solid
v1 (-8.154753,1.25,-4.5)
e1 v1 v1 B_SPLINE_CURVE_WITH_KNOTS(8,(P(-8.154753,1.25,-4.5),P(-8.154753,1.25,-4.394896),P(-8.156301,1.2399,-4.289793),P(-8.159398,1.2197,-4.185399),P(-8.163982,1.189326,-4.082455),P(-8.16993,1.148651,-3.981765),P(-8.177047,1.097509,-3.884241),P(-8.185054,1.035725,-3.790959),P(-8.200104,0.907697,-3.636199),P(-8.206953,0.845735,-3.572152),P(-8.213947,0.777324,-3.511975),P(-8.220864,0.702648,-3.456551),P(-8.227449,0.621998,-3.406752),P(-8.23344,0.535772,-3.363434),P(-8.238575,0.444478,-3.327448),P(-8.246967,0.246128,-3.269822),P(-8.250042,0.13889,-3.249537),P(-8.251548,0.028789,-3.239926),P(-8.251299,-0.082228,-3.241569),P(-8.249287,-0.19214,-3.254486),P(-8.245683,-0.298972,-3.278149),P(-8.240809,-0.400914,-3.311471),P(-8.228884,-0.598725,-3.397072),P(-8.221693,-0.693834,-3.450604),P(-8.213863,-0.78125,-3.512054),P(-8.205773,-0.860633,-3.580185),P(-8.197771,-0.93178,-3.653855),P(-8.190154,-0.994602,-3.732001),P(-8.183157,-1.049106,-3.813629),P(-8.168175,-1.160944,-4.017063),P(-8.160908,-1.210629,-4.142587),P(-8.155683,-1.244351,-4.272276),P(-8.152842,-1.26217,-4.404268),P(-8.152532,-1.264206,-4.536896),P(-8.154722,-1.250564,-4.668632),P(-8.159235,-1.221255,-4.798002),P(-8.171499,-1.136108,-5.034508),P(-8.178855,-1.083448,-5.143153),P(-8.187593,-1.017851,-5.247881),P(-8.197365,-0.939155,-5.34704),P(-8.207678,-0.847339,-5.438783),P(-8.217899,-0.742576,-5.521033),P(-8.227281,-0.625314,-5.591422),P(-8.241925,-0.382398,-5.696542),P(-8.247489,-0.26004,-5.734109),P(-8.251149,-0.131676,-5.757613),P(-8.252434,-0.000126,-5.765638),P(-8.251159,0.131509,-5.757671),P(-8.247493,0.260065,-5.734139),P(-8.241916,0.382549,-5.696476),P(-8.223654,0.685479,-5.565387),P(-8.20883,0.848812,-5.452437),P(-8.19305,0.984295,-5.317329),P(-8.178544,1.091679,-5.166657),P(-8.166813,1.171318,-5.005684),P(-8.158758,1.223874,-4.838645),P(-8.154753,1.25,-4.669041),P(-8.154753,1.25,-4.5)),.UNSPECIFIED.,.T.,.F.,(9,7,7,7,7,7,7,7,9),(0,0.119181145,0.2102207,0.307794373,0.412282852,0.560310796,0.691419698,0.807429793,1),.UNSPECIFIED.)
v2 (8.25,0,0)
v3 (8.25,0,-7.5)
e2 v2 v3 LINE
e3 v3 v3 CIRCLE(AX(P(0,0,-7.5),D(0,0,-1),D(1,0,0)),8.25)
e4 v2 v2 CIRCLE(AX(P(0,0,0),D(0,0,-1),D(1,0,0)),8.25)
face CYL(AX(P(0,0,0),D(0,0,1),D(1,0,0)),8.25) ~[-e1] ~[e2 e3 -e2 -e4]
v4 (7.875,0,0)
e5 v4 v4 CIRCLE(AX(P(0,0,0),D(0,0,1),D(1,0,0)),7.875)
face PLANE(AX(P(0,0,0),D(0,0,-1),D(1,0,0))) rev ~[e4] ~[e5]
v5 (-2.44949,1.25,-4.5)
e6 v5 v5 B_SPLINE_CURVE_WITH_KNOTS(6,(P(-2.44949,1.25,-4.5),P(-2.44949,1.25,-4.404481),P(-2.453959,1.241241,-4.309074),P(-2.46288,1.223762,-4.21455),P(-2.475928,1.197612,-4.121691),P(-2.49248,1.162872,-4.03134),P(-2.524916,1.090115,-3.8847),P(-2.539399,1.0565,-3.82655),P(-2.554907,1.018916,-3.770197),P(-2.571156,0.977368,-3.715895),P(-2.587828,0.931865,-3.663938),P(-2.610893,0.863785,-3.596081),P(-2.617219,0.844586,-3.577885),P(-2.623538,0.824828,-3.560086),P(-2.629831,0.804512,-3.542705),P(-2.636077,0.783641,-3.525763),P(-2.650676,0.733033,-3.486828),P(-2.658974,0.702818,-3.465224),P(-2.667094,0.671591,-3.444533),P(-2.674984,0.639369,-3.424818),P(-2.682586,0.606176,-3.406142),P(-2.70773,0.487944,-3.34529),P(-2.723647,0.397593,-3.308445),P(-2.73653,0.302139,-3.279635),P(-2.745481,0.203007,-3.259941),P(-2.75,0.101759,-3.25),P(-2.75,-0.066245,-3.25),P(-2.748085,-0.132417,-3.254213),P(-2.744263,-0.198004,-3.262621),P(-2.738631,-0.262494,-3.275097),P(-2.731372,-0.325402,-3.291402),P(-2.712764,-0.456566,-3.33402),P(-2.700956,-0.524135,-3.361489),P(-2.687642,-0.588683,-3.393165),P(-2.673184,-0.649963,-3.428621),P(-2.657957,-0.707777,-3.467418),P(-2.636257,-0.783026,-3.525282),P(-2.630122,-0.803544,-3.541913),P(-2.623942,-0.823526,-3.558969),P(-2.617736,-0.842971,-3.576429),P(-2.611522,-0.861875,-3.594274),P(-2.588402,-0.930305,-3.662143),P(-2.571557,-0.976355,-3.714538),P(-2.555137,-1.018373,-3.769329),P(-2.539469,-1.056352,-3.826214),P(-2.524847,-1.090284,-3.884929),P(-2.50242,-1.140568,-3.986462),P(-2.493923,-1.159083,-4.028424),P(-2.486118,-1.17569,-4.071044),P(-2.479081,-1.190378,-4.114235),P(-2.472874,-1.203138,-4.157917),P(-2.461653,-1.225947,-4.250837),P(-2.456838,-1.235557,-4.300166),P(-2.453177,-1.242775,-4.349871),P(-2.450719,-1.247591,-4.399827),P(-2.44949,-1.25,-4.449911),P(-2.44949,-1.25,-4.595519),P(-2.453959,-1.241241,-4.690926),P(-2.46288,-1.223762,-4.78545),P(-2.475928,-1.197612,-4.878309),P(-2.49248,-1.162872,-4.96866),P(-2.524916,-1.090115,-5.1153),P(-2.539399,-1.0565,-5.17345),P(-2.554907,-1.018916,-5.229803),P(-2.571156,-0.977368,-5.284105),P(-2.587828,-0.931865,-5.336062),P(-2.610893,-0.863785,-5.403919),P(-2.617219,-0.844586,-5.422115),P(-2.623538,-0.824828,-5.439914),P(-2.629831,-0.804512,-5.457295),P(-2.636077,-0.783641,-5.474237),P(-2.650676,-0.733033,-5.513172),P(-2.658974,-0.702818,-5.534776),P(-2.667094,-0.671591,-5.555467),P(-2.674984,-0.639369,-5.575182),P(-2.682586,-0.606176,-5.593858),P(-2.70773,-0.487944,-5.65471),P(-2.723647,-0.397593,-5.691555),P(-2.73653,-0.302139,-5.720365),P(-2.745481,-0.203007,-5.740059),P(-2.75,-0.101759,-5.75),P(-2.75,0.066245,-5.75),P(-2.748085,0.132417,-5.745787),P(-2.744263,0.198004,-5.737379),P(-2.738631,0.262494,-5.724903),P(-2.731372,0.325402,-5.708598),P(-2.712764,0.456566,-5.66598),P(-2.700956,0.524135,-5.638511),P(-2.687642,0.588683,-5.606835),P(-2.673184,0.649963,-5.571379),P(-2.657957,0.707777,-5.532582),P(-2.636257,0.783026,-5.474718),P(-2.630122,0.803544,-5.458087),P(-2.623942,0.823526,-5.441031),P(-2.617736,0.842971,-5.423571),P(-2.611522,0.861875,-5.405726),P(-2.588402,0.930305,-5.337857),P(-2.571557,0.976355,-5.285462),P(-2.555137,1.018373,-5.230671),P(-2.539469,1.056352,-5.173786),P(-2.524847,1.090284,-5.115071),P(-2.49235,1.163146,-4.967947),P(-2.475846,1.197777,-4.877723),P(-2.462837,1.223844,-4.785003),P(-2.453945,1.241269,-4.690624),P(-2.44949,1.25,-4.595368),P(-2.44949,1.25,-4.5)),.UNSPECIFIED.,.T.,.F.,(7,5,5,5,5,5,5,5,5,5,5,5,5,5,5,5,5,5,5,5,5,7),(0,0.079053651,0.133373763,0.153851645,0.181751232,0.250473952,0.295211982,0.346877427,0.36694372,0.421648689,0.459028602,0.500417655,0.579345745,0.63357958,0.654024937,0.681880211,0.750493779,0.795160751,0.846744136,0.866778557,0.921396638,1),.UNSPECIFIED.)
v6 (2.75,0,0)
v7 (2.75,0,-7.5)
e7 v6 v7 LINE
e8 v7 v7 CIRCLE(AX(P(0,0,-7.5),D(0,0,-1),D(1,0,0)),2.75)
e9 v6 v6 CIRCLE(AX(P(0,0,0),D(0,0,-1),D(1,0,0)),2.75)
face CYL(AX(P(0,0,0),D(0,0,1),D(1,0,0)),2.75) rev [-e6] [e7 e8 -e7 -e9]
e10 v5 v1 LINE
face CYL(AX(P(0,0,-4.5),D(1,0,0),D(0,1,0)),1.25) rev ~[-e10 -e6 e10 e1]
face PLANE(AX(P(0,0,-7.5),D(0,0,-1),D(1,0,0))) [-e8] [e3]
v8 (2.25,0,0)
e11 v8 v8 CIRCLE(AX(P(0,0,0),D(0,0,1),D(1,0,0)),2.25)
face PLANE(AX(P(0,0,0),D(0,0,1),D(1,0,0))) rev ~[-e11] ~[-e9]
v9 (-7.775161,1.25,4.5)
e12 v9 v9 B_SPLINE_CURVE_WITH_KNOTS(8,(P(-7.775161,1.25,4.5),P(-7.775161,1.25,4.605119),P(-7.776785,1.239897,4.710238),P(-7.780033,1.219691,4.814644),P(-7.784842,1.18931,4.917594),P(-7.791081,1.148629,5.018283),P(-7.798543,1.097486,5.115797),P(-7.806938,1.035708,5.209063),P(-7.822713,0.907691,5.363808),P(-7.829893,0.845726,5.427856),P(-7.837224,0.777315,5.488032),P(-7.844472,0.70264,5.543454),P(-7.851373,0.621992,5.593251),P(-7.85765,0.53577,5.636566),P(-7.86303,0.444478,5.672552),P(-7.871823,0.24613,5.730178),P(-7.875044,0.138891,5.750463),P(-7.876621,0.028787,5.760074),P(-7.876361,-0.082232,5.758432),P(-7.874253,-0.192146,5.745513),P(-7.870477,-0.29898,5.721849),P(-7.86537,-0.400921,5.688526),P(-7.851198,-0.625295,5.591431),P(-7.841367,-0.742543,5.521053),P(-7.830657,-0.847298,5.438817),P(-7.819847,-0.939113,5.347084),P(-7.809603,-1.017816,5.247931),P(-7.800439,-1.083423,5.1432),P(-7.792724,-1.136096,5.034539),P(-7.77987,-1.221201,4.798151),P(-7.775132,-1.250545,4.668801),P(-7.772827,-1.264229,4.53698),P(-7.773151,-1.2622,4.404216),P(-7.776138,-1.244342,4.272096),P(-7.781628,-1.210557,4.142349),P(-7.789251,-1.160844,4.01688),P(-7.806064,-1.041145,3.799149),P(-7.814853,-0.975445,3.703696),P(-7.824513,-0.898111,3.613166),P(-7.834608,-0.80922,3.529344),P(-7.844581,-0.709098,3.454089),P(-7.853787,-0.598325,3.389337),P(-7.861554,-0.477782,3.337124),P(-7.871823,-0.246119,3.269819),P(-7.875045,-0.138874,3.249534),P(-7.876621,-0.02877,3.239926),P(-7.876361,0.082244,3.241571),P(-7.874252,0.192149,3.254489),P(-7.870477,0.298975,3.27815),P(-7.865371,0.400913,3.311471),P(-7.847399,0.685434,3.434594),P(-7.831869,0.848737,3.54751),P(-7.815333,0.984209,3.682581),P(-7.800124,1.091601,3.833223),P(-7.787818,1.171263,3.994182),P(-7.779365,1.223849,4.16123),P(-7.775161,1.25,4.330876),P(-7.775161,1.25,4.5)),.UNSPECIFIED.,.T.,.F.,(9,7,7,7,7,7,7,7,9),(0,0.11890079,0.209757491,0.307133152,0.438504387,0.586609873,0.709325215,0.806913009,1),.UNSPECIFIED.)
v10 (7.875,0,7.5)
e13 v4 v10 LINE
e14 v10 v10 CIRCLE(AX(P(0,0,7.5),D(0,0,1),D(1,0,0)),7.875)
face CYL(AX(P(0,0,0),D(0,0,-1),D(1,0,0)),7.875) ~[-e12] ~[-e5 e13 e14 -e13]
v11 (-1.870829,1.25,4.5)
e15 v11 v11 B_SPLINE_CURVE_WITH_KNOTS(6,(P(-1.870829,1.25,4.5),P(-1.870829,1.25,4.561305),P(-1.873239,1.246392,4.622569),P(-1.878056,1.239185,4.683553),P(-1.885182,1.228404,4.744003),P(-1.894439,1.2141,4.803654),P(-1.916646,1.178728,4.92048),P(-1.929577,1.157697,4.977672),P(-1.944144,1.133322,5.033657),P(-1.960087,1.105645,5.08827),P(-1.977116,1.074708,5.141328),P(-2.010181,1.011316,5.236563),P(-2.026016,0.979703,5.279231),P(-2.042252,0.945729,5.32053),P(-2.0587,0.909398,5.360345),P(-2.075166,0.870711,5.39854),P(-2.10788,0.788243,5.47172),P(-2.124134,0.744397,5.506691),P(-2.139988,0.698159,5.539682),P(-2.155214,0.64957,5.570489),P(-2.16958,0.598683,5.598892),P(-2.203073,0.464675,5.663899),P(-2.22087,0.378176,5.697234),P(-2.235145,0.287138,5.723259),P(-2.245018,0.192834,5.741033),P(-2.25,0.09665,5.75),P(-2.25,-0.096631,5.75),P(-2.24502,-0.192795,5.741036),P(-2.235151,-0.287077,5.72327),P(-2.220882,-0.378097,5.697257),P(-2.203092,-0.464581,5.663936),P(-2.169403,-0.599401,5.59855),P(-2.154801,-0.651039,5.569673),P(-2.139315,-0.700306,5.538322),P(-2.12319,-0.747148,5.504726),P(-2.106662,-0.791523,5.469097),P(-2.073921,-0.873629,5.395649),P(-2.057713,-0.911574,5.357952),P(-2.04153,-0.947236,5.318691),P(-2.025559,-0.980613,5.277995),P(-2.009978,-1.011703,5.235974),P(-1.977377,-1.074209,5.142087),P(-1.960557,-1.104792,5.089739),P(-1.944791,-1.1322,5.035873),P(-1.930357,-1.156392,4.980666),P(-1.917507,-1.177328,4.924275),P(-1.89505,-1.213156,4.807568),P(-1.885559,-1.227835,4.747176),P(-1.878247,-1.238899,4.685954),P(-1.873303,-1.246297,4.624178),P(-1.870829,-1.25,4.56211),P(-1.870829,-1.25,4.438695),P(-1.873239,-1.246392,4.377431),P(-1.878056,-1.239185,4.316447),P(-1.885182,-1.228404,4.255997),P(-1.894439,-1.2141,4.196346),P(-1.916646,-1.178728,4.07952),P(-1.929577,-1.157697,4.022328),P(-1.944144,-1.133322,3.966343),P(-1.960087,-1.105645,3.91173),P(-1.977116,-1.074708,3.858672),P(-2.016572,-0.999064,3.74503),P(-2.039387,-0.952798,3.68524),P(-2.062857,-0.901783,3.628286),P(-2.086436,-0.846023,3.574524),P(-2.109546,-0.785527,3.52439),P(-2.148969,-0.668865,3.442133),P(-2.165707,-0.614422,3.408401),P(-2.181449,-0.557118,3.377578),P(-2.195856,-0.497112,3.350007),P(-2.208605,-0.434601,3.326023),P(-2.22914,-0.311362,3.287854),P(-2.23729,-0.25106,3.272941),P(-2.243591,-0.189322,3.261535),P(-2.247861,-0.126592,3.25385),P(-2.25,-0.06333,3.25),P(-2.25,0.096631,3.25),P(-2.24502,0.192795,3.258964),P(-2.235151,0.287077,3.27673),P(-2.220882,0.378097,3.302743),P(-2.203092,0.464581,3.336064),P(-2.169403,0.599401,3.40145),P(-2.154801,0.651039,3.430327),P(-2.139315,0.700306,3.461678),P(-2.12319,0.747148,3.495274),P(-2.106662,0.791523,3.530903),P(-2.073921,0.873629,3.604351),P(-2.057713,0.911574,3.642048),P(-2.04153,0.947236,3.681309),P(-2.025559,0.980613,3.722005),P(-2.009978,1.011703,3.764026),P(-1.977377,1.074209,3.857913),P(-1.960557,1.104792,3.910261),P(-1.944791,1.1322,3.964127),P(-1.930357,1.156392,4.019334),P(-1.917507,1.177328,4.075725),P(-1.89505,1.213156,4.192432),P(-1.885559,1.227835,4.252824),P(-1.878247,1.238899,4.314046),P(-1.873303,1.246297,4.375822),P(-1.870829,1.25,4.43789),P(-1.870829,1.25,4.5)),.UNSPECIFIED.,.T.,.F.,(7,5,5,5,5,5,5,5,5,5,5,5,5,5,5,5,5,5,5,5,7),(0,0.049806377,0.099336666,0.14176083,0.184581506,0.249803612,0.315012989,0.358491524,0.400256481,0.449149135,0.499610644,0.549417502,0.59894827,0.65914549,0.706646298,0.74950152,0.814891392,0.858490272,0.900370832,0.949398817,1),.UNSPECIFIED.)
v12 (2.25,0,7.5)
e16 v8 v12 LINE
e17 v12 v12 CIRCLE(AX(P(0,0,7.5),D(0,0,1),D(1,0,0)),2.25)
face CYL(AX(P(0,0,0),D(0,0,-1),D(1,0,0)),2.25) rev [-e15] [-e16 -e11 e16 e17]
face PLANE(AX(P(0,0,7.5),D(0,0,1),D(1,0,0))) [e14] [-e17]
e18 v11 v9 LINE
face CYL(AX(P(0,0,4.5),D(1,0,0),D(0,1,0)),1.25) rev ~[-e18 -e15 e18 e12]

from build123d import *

# Parameters (mm, degrees)
F0_R     = 7.875
F0_R_2   = 2.25
F1_DEPTH = 7.5
F2_R     = 8.25
F2_R_2   = 2.75
F3_DEPTH = 7.5
F4_R     = 1.25
F5_DEPTH = 25


with BuildPart() as f1:
    # F0 (on Top) → F1 (new body)
    with BuildSketch(Plane.XY):
        Circle(F0_R)
        Circle(F0_R_2, mode=Mode.SUBTRACT)
    extrude(amount=F1_DEPTH)

    # F2 (on face) → F3 (join)
    with BuildSketch(Plane(origin=(0, 0, 0), x_dir=(1, 0, 0), z_dir=(0, 0, -1))):
        Circle(F2_R)
        Circle(F2_R_2, mode=Mode.SUBTRACT)
    extrude(amount=F3_DEPTH)

    # F4 (on Right) → F5 (cut)
    with BuildSketch(Plane.YZ):
        with Locations((0, 4.5)):
            Circle(F4_R)
        with Locations((0, -4.5)):
            Circle(F4_R)
    extrude(amount=-F5_DEPTH, mode=Mode.SUBTRACT)


solid = f1.part
